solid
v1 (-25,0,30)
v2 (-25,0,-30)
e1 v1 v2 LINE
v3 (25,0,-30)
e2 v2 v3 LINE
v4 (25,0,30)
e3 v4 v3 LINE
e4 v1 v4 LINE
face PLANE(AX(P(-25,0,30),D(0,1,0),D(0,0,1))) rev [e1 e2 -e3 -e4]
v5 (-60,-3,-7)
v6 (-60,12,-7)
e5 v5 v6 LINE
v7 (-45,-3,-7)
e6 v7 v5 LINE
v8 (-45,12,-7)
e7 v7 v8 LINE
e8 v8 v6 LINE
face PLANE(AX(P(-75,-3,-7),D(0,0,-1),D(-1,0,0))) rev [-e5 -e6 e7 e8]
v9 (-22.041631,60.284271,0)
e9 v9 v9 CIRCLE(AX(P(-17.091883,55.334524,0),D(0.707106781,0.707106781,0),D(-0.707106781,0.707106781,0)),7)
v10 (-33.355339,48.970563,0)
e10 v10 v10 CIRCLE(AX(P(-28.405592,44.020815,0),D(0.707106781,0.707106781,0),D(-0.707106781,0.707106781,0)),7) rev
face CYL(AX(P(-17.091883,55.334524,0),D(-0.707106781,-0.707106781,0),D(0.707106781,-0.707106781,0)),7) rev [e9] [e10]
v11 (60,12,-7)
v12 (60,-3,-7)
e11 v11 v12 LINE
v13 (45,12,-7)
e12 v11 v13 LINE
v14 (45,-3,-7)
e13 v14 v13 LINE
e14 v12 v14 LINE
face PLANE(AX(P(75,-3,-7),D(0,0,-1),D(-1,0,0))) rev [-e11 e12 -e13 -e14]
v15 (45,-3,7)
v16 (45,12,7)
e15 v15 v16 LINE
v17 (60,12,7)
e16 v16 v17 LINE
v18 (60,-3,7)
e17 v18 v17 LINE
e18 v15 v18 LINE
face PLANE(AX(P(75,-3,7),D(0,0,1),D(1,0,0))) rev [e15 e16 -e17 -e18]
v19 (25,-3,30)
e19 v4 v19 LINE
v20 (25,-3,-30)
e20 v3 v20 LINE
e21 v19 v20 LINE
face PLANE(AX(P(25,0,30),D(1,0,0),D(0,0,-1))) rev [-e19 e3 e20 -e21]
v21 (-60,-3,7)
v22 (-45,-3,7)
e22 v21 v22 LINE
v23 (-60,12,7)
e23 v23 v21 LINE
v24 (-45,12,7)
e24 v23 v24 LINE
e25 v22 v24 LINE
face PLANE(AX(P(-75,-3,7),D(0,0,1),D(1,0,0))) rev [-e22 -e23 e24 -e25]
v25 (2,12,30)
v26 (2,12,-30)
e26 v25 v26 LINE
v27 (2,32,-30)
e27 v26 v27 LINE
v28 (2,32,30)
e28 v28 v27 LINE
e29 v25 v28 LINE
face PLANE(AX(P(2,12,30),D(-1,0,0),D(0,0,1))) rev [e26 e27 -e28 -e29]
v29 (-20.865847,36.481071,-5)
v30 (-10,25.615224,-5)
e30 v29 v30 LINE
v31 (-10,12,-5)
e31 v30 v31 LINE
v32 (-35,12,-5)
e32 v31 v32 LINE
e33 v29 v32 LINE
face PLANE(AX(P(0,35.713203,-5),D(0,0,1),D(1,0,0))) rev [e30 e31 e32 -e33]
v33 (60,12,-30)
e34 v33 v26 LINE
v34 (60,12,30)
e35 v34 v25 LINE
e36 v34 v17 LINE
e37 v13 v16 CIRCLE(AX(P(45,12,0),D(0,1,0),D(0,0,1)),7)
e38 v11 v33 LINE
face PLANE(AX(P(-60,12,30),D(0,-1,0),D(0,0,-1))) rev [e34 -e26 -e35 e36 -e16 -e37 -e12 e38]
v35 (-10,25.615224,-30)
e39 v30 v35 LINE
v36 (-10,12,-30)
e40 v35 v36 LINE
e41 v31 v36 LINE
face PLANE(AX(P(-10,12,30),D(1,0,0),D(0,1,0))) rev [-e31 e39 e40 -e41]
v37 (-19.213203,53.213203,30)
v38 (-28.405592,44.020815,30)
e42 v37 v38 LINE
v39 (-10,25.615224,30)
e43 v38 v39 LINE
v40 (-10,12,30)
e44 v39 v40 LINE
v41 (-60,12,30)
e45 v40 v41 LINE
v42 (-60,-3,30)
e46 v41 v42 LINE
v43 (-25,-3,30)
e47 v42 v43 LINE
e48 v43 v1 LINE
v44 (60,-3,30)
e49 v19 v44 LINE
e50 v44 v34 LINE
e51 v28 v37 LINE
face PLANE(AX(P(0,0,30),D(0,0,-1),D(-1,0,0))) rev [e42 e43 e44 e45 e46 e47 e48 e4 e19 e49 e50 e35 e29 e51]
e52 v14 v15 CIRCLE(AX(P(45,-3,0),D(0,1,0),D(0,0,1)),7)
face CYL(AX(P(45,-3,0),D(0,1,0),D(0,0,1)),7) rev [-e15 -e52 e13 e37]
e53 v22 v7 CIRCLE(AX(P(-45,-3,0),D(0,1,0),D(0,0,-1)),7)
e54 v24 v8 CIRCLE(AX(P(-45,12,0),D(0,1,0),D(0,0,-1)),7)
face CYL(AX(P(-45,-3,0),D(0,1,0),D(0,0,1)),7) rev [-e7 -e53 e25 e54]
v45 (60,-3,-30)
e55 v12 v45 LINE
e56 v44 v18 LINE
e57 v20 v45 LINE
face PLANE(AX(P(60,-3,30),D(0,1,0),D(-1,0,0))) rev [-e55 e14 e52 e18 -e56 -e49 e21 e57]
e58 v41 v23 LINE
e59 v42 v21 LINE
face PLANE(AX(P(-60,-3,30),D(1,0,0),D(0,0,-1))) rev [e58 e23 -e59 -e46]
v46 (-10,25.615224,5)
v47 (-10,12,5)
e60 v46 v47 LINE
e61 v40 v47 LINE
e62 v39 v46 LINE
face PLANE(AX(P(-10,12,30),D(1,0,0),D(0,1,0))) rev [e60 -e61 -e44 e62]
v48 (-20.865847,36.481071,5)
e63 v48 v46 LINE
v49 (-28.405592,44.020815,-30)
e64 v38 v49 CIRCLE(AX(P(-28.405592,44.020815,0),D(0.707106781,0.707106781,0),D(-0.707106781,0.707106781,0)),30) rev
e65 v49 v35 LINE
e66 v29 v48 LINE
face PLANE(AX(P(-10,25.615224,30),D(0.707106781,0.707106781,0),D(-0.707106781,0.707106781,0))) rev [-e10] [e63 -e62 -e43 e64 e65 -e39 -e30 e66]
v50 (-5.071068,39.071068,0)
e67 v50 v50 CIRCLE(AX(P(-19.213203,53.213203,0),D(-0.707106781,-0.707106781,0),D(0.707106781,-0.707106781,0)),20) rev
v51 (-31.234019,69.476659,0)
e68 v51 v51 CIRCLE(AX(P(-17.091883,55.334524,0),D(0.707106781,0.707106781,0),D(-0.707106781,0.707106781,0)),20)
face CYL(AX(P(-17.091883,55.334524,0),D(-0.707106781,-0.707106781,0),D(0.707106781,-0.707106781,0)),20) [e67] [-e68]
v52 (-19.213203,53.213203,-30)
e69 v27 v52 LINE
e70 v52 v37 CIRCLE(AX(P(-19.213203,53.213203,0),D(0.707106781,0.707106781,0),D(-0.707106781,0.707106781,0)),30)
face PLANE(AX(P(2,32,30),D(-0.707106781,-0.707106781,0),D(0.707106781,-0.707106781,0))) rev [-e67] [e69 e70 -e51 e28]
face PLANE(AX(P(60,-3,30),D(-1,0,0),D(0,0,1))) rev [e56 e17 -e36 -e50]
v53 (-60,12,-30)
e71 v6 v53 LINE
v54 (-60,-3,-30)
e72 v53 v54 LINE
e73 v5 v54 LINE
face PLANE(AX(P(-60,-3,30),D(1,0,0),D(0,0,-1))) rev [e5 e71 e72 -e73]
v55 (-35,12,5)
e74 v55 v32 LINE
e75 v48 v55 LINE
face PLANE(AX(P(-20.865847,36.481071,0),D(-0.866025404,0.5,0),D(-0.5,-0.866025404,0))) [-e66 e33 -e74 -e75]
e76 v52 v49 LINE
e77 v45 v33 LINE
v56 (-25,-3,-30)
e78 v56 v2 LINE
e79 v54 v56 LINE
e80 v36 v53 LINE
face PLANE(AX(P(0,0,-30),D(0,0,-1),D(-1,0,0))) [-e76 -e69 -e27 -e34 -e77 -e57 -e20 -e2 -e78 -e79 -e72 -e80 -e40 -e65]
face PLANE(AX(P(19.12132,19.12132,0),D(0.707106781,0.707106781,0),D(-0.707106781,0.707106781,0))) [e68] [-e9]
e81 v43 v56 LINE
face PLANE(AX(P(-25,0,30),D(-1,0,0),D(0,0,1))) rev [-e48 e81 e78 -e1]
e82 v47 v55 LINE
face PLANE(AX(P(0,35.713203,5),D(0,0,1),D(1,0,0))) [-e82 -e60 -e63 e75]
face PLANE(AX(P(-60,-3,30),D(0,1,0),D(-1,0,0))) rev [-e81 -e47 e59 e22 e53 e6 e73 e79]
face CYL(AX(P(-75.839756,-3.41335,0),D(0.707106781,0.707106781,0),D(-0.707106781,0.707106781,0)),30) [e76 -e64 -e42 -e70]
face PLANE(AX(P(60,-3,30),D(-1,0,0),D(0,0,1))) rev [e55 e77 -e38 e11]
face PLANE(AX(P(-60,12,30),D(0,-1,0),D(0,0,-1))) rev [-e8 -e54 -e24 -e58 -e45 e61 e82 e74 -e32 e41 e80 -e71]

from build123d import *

# Parameters (mm, degrees)
EXTRUDE_1_DEPTH     = 30
CUT_EXTRUDE_1_DEPTH = 69.738635424
EXTRUDE_2_DEPTH     = 30
SKETCH_4_R          = 30
EXTRUDE_3_DEPTH     = 13
EXTRUDE_4_DEPTH     = 3
CUT_EXTRUDE_2_REACH = 102.632
SKETCH_5_R          = 7
RIB_1_REACH         = 102.196
SKETCH_6_WALL_W     = 230.660820914
SKETCH_6_WALL_H     = 10


with BuildPart() as part:
    # 草图1 → 凸台-拉伸1 (new, symmetric)
    with BuildSketch(Plane.XY):
        Polygon((-25, 0), (-25, -3), (-60, -3), (-60, 12), (60, 12), (60, -3), (25, -3), (25, 0), align=None)
    extrude(amount=EXTRUDE_1_DEPTH, both=True)

    # 草图2 → 切除-拉伸1 (cut, through all)
    with BuildSketch(Plane(origin=(0, 12, 0), x_dir=(1, 0, 0), z_dir=(0, 1, 0))):
        with BuildLine():
            Line((75, -7), (45, -7))
            ThreePointArc((45, -7), (38, 0), (45, 7))
            Line((45, 7), (75, 7))
            ThreePointArc((75, 7), (82, 0), (75, -7))
        make_face()
        with BuildLine():
            Line((-75, -7), (-45, -7))
            ThreePointArc((-45, -7), (-38, 0), (-45, 7))
            Line((-45, 7), (-75, 7))
            ThreePointArc((-75, 7), (-82, 0), (-75, -7))
        make_face()
    extrude(amount=-CUT_EXTRUDE_1_DEPTH, mode=Mode.SUBTRACT)

    # 草图3 → 凸台-拉伸2 (add, symmetric)
    with BuildSketch(Plane.XY):
        Polygon((-10, 12), (2, 12), (2, 32), (-19.213203436, 53.213203436), (-28.405591591, 44.02081528), (-10, 25.615223689), align=None)
    extrude(amount=EXTRUDE_2_DEPTH, both=True)

    # 草图4 → 凸台-拉伸3 (add)
    with BuildSketch(Plane(origin=(17, 17, 0), x_dir=(0, 0, -1), z_dir=(0.7071067811865483, 0.7071067811865468, 0))):
        with Locations((0, 51.213203436)):
            Circle(SKETCH_4_R)
    extrude(amount=-EXTRUDE_3_DEPTH)

    # 草图4<3> → 凸台-拉伸4 (add)
    with BuildSketch(Plane(origin=(17, 17, 0), x_dir=(0, 0, -1), z_dir=(0.7071067811865483, 0.7071067811865468, 0))):
        with BuildLine():
            Line((7, 51.213203436), (20, 51.213203436))
            ThreePointArc((20, 51.213203436), (0, 71.213203436), (-20, 51.213203436))
            Line((-20, 51.213203436), (-7, 51.213203436))
            ThreePointArc((-7, 51.213203436), (0, 58.213203436), (7, 51.213203436))
        make_face()
        with BuildLine():
            ThreePointArc((-20, 51.213203436), (0, 31.213203436), (20, 51.213203436))
            Line((20, 51.213203436), (7, 51.213203436))
            ThreePointArc((7, 51.213203436), (0, 44.213203436), (-7, 51.213203436))
            Line((-7, 51.213203436), (-20, 51.213203436))
        make_face()
    extrude(amount=EXTRUDE_4_DEPTH)

    # 草图5 → 切除-拉伸2 (cut, up to next)
    with BuildSketch(Plane(origin=(17, 17, 0), x_dir=(0, 0, -1), z_dir=(0.7071067811865483, 0.7071067811865468, 0)), mode=Mode.PRIVATE) as cut_extrude_2_sk1:
        with Locations(Location((0, 51.213203436, 0), (0, 0, 90))):
            Circle(SKETCH_5_R)
    cut_extrude_2_tool1 = extrude(cut_extrude_2_sk1.sketch, amount=-CUT_EXTRUDE_2_REACH, mode=Mode.PRIVATE) & part.part
    add(cut_extrude_2_tool1.solids().sort_by_distance((-19.213203, 53.213203, 0))[0], mode=Mode.SUBTRACT)

    # 草图6 wall → 筋1 (add, up to next)
    with BuildSketch(Plane(origin=(-27.932923579, 24.240535423, 0), x_dir=(-0.5, -0.866025403784, 0), z_dir=(0.866025403784, -0.5, 0)), mode=Mode.PRIVATE) as rib_1_sk1:
        Rectangle(SKETCH_6_WALL_W, SKETCH_6_WALL_H)
    rib_1_tool1 = extrude(rib_1_sk1.sketch, amount=RIB_1_REACH, mode=Mode.PRIVATE) - part.part
    add(rib_1_tool1.solids().sort_by_distance((-27.932923579, 24.240535423, 0))[0])


solid = part.part
